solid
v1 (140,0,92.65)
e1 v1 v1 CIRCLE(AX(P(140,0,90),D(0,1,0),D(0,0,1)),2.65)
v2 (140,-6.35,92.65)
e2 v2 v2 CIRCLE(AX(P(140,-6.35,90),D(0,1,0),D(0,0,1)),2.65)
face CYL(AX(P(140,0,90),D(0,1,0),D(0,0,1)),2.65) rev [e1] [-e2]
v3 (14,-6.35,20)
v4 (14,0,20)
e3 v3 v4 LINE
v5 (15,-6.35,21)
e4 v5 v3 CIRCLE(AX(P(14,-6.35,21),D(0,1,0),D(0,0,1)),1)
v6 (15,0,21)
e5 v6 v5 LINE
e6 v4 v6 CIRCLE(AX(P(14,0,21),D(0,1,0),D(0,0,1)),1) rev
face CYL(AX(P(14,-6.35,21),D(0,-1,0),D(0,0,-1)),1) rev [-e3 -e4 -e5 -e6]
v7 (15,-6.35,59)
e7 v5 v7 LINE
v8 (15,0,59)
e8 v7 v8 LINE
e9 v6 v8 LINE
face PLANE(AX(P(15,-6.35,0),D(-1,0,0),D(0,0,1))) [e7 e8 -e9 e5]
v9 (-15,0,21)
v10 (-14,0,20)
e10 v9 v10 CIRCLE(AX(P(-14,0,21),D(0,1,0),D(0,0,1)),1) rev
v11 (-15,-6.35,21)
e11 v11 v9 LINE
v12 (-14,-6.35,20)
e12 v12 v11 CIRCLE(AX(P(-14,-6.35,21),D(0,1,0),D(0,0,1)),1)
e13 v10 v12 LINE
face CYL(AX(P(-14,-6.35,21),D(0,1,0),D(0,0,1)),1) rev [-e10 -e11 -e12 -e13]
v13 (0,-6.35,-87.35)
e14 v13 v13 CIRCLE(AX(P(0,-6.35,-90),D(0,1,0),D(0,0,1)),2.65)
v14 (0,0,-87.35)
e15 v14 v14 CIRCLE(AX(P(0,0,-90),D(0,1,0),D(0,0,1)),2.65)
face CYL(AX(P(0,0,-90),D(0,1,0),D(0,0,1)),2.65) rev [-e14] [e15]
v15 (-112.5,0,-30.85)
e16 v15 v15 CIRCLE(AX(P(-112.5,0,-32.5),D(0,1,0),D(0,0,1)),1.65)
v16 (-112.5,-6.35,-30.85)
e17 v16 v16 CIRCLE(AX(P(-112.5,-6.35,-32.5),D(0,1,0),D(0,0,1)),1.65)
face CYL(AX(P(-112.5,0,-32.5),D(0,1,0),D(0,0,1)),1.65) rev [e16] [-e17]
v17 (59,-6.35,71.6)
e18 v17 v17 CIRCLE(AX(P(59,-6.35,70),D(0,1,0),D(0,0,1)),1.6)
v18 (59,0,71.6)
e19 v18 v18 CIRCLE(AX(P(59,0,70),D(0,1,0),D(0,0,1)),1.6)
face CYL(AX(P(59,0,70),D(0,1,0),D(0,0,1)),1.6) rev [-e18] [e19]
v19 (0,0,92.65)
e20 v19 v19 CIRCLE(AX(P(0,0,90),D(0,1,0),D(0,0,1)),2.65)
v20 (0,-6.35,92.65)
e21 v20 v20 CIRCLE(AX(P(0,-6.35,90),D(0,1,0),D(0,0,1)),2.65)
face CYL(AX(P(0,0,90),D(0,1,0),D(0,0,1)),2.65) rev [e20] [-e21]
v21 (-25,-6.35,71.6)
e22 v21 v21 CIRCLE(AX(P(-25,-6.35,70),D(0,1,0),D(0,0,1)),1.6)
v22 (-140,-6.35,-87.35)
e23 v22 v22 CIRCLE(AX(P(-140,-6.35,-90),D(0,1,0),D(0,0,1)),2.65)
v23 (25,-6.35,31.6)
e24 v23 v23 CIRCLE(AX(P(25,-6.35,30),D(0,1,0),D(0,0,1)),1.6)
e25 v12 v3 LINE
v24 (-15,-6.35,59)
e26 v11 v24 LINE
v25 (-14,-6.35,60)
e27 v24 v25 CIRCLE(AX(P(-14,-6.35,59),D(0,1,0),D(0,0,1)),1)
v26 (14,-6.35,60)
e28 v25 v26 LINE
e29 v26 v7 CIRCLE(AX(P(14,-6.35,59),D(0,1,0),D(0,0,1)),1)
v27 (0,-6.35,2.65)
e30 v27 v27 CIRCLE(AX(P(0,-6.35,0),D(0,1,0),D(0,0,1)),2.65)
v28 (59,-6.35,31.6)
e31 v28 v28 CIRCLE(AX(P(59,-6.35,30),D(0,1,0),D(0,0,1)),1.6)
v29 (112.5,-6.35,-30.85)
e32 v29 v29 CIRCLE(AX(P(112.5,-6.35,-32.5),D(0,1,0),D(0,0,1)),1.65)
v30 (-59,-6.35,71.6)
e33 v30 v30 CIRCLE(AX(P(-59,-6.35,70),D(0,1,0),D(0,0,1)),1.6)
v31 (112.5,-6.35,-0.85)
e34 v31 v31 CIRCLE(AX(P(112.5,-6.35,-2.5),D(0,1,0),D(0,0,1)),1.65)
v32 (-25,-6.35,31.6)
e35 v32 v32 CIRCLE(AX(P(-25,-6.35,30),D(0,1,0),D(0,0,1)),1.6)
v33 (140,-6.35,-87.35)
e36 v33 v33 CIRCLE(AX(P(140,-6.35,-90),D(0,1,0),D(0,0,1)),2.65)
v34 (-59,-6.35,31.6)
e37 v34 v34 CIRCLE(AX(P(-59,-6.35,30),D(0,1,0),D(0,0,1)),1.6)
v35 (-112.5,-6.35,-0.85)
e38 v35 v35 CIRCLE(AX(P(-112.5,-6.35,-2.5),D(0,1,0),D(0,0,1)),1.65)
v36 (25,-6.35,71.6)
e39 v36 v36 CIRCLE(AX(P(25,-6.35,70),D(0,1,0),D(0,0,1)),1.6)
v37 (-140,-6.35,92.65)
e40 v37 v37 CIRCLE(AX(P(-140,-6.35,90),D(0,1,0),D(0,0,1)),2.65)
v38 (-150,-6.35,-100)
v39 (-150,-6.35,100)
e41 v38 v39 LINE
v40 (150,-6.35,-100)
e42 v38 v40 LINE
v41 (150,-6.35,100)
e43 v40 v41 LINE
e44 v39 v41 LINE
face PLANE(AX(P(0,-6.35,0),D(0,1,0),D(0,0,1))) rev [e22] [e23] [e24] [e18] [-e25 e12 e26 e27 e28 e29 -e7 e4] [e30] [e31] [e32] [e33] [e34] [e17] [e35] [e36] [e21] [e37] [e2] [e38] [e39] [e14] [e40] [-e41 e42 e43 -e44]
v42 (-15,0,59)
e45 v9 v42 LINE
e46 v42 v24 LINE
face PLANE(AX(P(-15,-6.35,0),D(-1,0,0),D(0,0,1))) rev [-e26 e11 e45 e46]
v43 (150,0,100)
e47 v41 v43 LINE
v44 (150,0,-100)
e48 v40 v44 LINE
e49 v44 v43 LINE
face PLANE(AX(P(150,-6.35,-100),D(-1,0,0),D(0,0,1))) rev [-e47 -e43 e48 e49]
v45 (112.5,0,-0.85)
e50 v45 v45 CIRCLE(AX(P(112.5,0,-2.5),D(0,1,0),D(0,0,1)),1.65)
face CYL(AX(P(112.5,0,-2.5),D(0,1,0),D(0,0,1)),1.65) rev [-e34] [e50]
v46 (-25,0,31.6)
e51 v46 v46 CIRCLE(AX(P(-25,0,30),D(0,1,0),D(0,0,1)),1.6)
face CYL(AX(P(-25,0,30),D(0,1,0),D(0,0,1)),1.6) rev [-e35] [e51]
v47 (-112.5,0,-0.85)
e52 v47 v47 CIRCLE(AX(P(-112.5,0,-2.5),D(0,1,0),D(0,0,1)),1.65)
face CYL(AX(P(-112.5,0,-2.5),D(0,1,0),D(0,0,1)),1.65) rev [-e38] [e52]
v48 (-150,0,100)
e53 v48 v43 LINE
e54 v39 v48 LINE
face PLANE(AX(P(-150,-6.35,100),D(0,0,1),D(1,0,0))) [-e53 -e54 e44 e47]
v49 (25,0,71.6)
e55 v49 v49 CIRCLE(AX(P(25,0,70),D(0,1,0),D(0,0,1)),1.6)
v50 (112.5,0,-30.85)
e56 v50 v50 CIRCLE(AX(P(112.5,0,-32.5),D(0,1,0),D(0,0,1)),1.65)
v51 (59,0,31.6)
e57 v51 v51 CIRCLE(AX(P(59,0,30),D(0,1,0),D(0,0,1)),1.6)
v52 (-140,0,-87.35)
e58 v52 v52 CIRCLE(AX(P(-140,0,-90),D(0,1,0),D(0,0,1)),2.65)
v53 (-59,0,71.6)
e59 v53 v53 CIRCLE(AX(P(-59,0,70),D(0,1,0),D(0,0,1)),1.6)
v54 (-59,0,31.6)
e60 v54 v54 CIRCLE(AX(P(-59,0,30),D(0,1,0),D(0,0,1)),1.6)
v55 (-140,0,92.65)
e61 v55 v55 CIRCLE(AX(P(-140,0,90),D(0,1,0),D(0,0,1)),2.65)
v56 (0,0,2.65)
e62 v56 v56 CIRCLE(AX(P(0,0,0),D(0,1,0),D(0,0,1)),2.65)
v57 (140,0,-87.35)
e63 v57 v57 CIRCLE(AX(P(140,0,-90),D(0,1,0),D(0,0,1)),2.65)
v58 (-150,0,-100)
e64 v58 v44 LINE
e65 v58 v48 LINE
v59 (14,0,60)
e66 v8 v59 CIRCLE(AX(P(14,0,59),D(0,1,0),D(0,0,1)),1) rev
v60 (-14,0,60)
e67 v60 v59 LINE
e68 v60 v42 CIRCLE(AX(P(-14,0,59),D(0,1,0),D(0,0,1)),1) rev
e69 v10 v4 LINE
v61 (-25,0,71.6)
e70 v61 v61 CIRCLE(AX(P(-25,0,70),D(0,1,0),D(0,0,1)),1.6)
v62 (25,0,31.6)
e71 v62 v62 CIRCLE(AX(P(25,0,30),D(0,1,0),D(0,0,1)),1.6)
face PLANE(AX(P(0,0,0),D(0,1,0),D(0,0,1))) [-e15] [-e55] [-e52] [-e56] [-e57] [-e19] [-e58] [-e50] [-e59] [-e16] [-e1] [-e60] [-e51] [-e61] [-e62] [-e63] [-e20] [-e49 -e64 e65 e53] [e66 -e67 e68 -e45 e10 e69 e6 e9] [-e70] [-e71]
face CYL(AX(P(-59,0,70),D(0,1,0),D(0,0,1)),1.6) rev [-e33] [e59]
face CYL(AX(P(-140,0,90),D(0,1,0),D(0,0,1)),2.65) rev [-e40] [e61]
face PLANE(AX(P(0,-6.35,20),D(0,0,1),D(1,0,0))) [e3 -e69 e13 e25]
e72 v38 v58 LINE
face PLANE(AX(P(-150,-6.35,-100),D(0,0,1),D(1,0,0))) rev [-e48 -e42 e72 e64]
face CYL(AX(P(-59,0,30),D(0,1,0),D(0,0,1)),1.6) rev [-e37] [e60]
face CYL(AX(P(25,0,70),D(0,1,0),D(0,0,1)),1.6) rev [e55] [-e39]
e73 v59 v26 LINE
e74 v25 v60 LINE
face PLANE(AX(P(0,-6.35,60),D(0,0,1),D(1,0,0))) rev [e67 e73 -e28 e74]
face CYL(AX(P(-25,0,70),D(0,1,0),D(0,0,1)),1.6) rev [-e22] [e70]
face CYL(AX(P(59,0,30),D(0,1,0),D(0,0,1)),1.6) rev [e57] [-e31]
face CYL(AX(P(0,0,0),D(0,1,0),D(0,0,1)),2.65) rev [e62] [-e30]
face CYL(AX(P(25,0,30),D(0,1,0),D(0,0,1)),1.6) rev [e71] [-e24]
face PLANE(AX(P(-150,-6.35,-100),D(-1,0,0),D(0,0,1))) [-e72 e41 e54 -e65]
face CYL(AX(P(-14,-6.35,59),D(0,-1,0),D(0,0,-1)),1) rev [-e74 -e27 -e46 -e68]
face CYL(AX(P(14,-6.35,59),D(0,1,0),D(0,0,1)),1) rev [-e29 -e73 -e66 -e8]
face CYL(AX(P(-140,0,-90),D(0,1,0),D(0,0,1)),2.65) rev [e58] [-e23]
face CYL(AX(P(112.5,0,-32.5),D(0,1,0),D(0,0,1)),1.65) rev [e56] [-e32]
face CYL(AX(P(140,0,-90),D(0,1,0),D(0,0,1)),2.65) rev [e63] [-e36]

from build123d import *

# Parameters (mm, degrees)
SKETCH1_W                   = 300
SKETCH1_H                   = 200
SKETCH1_W_2                 = 30
SKETCH1_H_2                 = 40
BOSS_EXTRUDE1_DEPTH         = 6.35
TAP_DRILL_FOR_M4X0_7_TAP1_D = 3.3
M3_CLEARANCE_HOLE1_D        = 3.2
M5_CLEARANCE_HOLE1_D        = 5.3
FILLET1_R                   = 1


with BuildPart() as part:
    # Sketch1 → Boss-Extrude1 (new body)
    with BuildSketch(Plane(origin=(0, 0, 0), x_dir=(1, 0, 0), z_dir=(0, 1, 0))):
        Rectangle(SKETCH1_W, SKETCH1_H)
        with Locations((0, -40)):
            Rectangle(SKETCH1_W_2, SKETCH1_H_2, mode=Mode.SUBTRACT)
    extrude(amount=-BOSS_EXTRUDE1_DEPTH)

    # Tap Drill for M4x0.7 Tap1 (through all)
    with Locations(Plane(origin=(-112.5, 0, -32.5), x_dir=(0, 0, 1), z_dir=(0, 1, 0))):
        with Locations((0, 0), (30, 0), (0, 225), (30, 225)):
            Hole(TAP_DRILL_FOR_M4X0_7_TAP1_D / 2)

    # M3 Clearance Hole1 (through all)
    with Locations(Plane(origin=(-59, 0, 30), x_dir=(0, 0, 1), z_dir=(0, 1, 0))):
        with Locations((0, 0), (0, 34), (40, 0), (40, 34), (0, 84), (0, 118), (40, 84), (40, 118)):
            Hole(M3_CLEARANCE_HOLE1_D / 2)

    # M5 Clearance Hole1 (through all)
    with Locations(Plane(origin=(-140, 0, -90), x_dir=(0, 0, 1), z_dir=(0, 1, 0))):
        with Locations((0, 0), (0, 140), (0, 280), (180, 280), (180, 140), (180, 0), (90, 140)):
            Hole(M5_CLEARANCE_HOLE1_D / 2)

    # Fillet1
    fillet1_edges = [part.edges().sort_by_distance(p)[0] for p in [
        (15, -3.175, 20),
        (15, -3.175, 60),
        (-15, -3.175, 60),
        (-15, -3.175, 20),
    ]]
    fillet(fillet1_edges, radius=FILLET1_R)


solid = part.part
